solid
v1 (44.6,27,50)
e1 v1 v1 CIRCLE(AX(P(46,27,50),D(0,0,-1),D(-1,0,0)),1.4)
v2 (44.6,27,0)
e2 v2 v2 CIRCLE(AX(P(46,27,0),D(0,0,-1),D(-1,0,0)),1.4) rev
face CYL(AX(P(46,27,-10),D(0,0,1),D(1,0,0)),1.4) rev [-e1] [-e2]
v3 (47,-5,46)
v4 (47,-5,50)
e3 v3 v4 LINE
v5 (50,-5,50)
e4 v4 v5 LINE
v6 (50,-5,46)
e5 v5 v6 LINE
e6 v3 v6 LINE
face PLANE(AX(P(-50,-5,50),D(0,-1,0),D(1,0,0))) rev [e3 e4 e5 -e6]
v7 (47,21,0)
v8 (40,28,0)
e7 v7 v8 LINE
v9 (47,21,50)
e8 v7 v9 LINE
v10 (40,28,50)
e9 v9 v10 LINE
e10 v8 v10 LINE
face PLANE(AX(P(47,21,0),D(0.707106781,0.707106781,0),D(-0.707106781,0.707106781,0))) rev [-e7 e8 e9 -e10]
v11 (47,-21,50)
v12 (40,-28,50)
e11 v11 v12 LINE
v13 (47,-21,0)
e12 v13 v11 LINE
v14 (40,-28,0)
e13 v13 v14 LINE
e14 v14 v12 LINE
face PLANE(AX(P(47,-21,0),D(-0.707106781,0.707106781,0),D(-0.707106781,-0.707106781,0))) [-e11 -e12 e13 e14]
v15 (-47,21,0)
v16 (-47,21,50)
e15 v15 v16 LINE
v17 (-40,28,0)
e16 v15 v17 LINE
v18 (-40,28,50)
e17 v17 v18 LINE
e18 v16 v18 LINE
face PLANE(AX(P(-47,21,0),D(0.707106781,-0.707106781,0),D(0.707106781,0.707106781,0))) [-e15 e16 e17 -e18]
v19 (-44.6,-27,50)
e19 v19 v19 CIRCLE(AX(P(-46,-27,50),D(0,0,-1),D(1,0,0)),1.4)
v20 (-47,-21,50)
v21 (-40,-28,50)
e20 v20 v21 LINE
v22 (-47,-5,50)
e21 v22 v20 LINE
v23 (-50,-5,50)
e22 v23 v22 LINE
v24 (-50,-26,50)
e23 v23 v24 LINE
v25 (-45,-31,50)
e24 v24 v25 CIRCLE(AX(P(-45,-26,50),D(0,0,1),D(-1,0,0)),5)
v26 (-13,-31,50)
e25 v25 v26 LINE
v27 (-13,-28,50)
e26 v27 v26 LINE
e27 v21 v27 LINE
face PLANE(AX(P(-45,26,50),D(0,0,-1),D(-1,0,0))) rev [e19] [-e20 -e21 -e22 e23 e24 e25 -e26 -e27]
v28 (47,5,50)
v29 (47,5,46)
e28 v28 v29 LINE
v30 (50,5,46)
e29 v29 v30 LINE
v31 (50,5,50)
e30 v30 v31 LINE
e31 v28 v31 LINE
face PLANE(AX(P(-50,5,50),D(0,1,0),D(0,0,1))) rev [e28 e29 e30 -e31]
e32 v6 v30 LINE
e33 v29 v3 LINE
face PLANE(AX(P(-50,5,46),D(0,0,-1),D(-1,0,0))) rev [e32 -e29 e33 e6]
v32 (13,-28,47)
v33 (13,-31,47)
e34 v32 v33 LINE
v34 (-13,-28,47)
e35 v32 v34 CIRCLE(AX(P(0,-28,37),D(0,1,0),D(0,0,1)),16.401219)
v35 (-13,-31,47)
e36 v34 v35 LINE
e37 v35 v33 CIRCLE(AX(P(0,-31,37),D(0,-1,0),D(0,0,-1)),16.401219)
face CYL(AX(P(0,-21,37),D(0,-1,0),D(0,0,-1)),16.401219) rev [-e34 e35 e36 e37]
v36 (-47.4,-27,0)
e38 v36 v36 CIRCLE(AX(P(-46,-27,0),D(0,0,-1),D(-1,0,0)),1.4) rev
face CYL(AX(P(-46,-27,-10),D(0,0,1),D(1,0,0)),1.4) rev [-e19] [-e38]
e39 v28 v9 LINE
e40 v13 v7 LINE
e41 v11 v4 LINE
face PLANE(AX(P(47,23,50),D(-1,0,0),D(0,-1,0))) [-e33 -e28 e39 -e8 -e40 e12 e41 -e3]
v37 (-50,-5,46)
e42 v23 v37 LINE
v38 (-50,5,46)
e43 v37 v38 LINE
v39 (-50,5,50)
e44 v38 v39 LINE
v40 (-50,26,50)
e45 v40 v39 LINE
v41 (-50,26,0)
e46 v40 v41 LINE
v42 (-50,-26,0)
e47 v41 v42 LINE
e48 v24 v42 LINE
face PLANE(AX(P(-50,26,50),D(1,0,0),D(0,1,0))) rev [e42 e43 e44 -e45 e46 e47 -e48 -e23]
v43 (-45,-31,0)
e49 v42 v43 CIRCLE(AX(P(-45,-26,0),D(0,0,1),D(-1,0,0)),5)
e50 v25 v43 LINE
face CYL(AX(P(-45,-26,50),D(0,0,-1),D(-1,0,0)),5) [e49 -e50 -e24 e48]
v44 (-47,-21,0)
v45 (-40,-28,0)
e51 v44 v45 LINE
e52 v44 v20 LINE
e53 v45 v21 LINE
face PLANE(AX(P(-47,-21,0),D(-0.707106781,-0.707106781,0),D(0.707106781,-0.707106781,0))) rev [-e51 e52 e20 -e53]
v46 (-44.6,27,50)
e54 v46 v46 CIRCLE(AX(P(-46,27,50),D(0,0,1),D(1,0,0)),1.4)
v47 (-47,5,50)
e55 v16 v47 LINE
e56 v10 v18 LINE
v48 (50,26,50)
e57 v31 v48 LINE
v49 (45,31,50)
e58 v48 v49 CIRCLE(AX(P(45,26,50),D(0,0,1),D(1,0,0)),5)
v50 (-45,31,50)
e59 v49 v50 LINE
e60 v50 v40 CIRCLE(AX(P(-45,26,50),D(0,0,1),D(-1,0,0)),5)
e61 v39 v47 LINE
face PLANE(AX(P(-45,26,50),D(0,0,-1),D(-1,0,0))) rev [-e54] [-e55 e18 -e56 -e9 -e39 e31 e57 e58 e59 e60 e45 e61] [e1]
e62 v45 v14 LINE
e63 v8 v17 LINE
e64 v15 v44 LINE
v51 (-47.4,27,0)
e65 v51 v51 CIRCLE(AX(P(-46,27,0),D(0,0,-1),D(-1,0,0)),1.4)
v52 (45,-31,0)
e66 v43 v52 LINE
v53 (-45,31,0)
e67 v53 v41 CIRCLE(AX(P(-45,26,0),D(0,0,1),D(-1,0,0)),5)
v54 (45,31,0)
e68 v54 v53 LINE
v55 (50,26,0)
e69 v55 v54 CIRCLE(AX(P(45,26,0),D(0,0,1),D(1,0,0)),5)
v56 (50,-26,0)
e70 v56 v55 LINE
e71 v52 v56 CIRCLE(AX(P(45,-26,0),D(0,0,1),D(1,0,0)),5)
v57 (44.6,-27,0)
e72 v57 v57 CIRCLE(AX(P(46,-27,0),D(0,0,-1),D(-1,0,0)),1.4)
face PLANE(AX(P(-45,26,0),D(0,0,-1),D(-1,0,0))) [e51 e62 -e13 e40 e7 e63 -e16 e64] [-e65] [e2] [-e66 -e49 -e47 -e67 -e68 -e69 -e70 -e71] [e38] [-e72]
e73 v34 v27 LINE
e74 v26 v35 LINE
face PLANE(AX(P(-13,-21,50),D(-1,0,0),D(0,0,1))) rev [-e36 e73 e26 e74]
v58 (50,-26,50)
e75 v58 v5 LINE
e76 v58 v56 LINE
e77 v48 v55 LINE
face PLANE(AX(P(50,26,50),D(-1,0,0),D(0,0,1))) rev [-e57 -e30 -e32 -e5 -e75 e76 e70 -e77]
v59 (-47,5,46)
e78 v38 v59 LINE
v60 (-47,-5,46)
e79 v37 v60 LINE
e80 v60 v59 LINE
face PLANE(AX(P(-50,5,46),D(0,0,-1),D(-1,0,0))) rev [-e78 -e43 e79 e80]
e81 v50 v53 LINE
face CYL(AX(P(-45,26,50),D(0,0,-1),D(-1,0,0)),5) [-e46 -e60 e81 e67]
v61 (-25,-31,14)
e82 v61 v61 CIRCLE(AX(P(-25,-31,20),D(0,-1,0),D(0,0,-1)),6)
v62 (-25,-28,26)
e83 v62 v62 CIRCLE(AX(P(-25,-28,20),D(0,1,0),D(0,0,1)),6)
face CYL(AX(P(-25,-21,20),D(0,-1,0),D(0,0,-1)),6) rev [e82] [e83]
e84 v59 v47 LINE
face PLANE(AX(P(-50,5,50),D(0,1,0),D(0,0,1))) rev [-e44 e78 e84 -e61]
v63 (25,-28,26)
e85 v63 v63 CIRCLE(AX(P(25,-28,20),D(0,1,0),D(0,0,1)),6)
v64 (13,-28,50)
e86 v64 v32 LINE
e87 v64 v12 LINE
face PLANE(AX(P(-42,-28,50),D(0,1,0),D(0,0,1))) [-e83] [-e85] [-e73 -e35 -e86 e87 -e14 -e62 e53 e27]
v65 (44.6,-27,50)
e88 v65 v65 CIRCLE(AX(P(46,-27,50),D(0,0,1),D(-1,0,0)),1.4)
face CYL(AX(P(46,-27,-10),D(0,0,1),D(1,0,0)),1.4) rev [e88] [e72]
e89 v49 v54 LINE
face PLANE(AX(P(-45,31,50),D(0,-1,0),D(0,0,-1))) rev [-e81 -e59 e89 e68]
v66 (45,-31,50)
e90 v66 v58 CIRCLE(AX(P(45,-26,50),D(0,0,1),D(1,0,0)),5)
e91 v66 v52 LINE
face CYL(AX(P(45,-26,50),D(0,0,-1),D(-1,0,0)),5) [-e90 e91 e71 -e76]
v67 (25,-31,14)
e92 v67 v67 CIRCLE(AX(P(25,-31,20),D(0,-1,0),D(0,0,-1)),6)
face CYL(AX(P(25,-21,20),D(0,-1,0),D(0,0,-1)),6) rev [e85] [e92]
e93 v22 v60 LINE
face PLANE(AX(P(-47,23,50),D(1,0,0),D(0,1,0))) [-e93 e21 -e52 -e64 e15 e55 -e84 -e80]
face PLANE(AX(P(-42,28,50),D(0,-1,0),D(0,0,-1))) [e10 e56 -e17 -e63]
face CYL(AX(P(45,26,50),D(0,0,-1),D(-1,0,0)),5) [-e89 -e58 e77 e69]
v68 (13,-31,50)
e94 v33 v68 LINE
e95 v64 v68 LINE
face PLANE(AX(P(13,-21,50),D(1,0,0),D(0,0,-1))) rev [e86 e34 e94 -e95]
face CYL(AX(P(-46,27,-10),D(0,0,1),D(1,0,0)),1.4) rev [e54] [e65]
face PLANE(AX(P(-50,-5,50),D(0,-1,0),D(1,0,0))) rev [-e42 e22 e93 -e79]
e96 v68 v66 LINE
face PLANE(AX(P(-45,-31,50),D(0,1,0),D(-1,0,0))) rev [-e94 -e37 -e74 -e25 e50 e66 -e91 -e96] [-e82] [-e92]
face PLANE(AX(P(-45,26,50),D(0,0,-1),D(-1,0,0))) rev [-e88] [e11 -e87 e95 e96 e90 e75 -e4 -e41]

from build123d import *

# Parameters (mm, degrees)
EXTRUDE_1_DEPTH          = 50
EXTRUDE_2_DEPTH          = 50
SKETCH_4_R               = 1.4
CUT_EXTRUDE_1_DEPTH      = 60
MIRROR_2_COPY_1_DEPTH    = 50
MIRROR_2_COPY_2_SKETCH_R = 1.4
MIRROR_2_COPY_2_DEPTH    = 60
CUT_EXTRUDE_2_DEPTH      = 10
SKETCH_7_R               = 6
CUT_EXTRUDE_3_DEPTH      = 10
SKETCH_8_W               = 4
SKETCH_8_H               = 10
CUT_EXTRUDE_4_DEPTH      = 100


with BuildPart() as part:
    # 草图1 → 凸台-拉伸1 (new body)
    with BuildSketch(Plane.XY):
        with BuildLine():
            Line((-45, 31), (45, 31))
            ThreePointArc((45, 31), (48.535533906, 29.535533906), (50, 26))
            Line((50, 26), (50, -26))
            ThreePointArc((50, -26), (48.535533906, -29.535533906), (45, -31))
            Line((45, -31), (-45, -31))
            ThreePointArc((-45, -31), (-48.535533906, -29.535533906), (-50, -26))
            Line((-50, -26), (-50, 26))
            ThreePointArc((-50, 26), (-48.535533906, 29.535533906), (-45, 31))
        make_face()
        with BuildLine():
            Line((-42, 28), (42, 28))
            ThreePointArc((42, 28), (45.535533906, 26.535533906), (47, 23))
            Line((47, 23), (47, -23))
            ThreePointArc((47, -23), (45.535533906, -26.535533906), (42, -28))
            Line((42, -28), (-42, -28))
            ThreePointArc((-42, -28), (-45.535533906, -26.535533906), (-47, -23))
            Line((-47, -23), (-47, 23))
            ThreePointArc((-47, 23), (-45.535533906, 26.535533906), (-42, 28))
        make_face(mode=Mode.SUBTRACT)
    extrude(amount=EXTRUDE_1_DEPTH)

    # 草图3 → 凸台-拉伸2 (add)
    with BuildSketch(Plane.XY.offset(50)):
        Polygon((-47, 28), (-47, 21), (-40, 28), align=None)
    extrude_2 = extrude(amount=-EXTRUDE_2_DEPTH)

    # 草图4 → 切除-拉伸1 (cut)
    with BuildSketch(Plane.XY.offset(50)):
        with Locations((-46, 27)):
            Circle(SKETCH_4_R)
    cut_extrude_1 = extrude(amount=-CUT_EXTRUDE_1_DEPTH, mode=Mode.SUBTRACT)

    # 镜向1: 凸台-拉伸2, 切除-拉伸1 across plane
    add(extrude_2.mirror(Plane(origin=(0, 0, 0), x_dir=(0, 0, 1), z_dir=(1, 0, 0))))
    add(cut_extrude_1.mirror(Plane(origin=(0, 0, 0), x_dir=(0, 0, 1), z_dir=(1, 0, 0))), mode=Mode.SUBTRACT)

    # 镜向2: 凸台-拉伸2, 切除-拉伸1 across plane
    add(extrude_2.mirror(Plane.ZX))
    add(cut_extrude_1.mirror(Plane.ZX), mode=Mode.SUBTRACT)

    # 镜向2 copy 1 sketch → 镜向2 copy 1 (add)
    with BuildSketch(Plane(origin=(0, 0, 50), x_dir=(-1, 0, 0), z_dir=(0, 0, 1))):
        Polygon((-47, 28), (-47, 21), (-40, 28), align=None)
    extrude(amount=-MIRROR_2_COPY_1_DEPTH)

    # 镜向2 copy 2 sketch → 镜向2 copy 2 (cut)
    with BuildSketch(Plane(origin=(0, 0, 50), x_dir=(-1, 0, 0), z_dir=(0, 0, 1))):
        with Locations((-46, 27)):
            Circle(MIRROR_2_COPY_2_SKETCH_R)
    extrude(amount=-MIRROR_2_COPY_2_DEPTH, mode=Mode.SUBTRACT)

    # 草图6 → 切除-拉伸2 (cut)
    with BuildSketch(Plane.XZ.offset(31)):
        with BuildLine():
            Line((-13, 50), (13, 50))
            Line((13, 50), (13, 47))
            ThreePointArc((13, 47), (0, 20.598780533), (-13, 47))
            Line((-13, 47), (-13, 50))
        make_face()
    extrude(amount=-CUT_EXTRUDE_2_DEPTH, mode=Mode.SUBTRACT)

    # 草图7 → 切除-拉伸3 (cut)
    with BuildSketch(Plane.XZ.offset(31)):
        with Locations(Location((-25, 20, 0), (0, 0, 270))):
            Circle(SKETCH_7_R)
        with Locations(Location((25, 20, 0), (0, 0, 270))):
            Circle(SKETCH_7_R)
    extrude(amount=-CUT_EXTRUDE_3_DEPTH, mode=Mode.SUBTRACT)

    # 草图8 → 切除-拉伸4 (cut)
    with BuildSketch(Plane(origin=(50, 0, 0), x_dir=(0, 0, -1), z_dir=(1, 0, 0))):
        with Locations((-48, 0)):
            Rectangle(SKETCH_8_W, SKETCH_8_H)
    extrude(amount=-CUT_EXTRUDE_4_DEPTH, mode=Mode.SUBTRACT)


solid = part.part
